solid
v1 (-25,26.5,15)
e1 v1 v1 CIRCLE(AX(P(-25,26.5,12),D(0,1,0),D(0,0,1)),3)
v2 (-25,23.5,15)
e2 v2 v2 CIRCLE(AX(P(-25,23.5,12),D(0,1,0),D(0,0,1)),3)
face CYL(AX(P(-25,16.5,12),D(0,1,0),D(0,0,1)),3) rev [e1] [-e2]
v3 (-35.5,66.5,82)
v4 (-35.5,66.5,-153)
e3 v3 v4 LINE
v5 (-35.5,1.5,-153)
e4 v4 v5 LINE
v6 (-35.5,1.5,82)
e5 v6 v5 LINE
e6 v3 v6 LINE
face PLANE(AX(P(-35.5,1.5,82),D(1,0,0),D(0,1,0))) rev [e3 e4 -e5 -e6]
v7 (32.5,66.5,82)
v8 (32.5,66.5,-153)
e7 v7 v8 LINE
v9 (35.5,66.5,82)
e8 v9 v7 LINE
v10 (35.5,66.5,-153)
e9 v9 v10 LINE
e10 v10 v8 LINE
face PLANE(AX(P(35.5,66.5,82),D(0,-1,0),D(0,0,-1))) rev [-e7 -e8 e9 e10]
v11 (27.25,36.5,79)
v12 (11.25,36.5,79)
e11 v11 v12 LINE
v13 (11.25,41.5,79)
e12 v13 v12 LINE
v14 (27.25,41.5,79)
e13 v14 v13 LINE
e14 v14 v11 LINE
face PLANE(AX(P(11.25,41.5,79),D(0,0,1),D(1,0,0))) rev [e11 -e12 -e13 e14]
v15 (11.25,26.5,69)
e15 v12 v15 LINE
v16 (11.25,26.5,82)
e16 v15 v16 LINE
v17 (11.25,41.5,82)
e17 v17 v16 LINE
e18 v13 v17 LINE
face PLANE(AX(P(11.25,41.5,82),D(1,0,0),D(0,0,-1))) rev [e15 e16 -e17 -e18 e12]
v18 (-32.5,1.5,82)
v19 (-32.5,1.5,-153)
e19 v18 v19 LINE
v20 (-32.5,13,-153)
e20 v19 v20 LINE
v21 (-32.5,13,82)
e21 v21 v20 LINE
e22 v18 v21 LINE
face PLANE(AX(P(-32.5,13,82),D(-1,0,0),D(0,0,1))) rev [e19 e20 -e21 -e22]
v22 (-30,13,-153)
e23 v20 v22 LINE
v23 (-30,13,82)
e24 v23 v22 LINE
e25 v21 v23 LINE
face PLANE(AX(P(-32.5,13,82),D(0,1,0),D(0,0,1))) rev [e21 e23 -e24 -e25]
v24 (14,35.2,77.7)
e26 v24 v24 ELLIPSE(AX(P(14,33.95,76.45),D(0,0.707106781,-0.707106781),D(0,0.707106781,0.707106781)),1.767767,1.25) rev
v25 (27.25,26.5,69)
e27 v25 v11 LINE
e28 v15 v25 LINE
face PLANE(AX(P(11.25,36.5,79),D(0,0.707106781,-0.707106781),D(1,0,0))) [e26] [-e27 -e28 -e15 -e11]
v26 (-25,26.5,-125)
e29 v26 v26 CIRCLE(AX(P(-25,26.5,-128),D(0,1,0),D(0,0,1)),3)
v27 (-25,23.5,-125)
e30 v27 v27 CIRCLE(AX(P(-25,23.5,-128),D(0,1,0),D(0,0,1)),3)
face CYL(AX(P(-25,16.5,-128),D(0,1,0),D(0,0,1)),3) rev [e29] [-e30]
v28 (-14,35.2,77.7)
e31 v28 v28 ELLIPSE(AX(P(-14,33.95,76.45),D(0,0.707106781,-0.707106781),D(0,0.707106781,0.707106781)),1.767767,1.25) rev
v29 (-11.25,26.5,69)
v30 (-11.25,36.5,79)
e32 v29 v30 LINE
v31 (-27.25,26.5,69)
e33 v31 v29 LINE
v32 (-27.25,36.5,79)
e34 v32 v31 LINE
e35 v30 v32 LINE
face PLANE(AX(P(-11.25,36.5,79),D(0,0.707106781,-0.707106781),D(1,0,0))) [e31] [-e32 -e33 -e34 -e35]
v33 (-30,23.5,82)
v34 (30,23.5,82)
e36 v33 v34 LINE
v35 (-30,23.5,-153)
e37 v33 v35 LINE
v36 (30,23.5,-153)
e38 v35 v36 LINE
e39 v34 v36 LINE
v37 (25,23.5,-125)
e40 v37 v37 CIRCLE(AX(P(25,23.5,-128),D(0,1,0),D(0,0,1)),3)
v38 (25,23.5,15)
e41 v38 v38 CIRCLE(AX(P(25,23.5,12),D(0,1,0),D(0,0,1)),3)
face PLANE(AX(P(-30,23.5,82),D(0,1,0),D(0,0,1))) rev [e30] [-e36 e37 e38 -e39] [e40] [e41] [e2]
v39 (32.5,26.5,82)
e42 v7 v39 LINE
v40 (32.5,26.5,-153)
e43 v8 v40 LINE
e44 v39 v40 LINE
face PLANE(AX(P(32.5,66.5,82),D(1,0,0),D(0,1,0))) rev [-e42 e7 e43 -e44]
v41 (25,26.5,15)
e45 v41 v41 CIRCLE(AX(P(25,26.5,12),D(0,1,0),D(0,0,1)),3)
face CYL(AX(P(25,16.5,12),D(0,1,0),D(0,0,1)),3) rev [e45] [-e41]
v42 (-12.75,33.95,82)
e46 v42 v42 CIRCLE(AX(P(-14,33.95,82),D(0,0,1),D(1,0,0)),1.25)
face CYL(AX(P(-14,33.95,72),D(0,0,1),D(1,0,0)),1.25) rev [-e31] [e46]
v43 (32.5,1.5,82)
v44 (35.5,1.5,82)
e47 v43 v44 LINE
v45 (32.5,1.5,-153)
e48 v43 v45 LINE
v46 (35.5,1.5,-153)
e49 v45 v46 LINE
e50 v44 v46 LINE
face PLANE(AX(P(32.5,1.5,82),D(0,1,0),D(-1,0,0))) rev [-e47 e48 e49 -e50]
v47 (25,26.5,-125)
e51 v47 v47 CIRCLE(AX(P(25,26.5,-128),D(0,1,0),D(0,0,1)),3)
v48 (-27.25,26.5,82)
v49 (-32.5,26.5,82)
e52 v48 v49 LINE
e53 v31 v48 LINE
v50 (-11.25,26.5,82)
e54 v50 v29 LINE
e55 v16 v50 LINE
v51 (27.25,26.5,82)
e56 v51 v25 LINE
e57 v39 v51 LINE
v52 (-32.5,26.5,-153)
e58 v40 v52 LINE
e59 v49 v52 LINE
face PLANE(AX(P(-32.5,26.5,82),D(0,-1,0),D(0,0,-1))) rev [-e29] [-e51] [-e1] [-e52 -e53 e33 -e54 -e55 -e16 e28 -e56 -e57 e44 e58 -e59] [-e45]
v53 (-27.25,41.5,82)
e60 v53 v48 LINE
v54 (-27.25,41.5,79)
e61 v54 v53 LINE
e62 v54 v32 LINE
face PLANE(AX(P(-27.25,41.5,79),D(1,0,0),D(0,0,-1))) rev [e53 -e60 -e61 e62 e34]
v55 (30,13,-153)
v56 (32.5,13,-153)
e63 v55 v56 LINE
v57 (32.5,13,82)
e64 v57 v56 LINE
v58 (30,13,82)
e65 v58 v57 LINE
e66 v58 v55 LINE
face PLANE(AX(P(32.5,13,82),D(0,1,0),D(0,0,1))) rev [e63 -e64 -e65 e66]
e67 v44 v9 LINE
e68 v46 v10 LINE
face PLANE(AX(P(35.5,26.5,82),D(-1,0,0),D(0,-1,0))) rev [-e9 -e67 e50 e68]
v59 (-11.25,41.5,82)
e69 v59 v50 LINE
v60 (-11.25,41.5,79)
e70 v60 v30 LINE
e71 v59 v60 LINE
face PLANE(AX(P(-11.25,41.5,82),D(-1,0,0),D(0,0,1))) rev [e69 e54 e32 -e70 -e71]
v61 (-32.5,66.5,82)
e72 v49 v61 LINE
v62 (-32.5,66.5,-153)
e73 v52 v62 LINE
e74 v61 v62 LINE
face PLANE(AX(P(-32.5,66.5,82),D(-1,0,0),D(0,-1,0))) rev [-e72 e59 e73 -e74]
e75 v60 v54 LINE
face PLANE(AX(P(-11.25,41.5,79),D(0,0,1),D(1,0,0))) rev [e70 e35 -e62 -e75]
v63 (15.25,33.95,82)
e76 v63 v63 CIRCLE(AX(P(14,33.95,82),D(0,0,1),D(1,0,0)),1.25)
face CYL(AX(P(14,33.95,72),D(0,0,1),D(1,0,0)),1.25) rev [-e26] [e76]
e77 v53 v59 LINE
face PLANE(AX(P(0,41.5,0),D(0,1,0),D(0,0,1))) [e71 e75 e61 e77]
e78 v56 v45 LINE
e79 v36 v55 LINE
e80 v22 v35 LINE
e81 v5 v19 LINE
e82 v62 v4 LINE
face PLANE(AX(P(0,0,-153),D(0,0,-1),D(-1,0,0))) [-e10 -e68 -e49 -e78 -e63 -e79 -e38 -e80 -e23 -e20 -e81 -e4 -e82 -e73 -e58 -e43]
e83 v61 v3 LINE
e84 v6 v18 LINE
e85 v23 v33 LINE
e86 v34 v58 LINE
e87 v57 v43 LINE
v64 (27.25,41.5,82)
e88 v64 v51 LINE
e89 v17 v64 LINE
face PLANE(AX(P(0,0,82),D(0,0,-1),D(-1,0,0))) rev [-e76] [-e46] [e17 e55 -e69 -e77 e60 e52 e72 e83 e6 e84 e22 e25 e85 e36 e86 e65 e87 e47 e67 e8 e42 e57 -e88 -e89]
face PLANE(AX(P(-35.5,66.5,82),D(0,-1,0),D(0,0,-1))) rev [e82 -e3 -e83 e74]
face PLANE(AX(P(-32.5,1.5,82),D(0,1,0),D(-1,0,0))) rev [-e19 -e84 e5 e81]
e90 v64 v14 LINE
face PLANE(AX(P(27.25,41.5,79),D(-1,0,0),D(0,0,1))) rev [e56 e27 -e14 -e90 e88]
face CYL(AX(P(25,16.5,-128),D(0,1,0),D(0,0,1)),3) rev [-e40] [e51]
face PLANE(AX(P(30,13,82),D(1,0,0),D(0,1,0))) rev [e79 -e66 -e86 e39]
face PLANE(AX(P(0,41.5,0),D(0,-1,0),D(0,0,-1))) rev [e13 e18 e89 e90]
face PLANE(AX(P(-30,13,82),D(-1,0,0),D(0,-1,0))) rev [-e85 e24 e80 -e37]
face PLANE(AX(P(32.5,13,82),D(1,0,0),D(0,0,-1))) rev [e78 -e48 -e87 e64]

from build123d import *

# Parameters (mm, degrees)
BOSS_EXTRUDE1_DEPTH      = 82
BOSS_EXTRUDE1_DEPTH_BACK = 153
SKETCH3_W                = 16
SKETCH3_H                = 3
BOSS_EXTRUDE3_DEPTH      = 15
CHAMFER1_SIZE            = 10
SKETCH4_R                = 1.25
CUT_EXTRUDE1_DEPTH       = 10
SKETCH2_R                = 3
CUT_EXTRUDE2_DEPTH       = 10


with BuildPart() as part:
    # Sketch1 → Boss-Extrude1 (new, two sides: drawn at the far end of the back side and taken through both)
    with BuildSketch(Plane.XY.offset(-BOSS_EXTRUDE1_DEPTH_BACK)):
        Polygon((-32.5, 13), (-32.5, 1.5), (-35.5, 1.5), (-35.5, 26.5), (-35.5, 66.5), (-32.5, 66.5), (-32.5, 26.5), (32.5, 26.5), (32.5, 66.5), (35.5, 66.5), (35.5, 26.5), (35.5, 1.5), (32.5, 1.5), (32.5, 13), (30, 13), (30, 23.5), (-30, 23.5), (-30, 13), align=None)
    extrude(amount=BOSS_EXTRUDE1_DEPTH + BOSS_EXTRUDE1_DEPTH_BACK)

    # Sketch3 → Boss-Extrude3 (add)
    with BuildSketch(Plane(origin=(0, 26.5, 0), x_dir=(1, 0, 0), z_dir=(0, 1, 0))):
        with Locations((-19.25, -80.5)):
            Rectangle(SKETCH3_W, SKETCH3_H)
        with Locations((19.25, -80.5)):
            Rectangle(SKETCH3_W, SKETCH3_H)
    extrude(amount=BOSS_EXTRUDE3_DEPTH)

    # Chamfer1
    chamfer1_edges = [part.edges().sort_by_distance(p)[0] for p in [
        (-19.25, 26.5, 79),
        (19.25, 26.5, 79),
    ]]
    chamfer(chamfer1_edges, length=CHAMFER1_SIZE)

    # Sketch4 → Cut-Extrude1 (cut)
    with BuildSketch(Plane.XY.offset(82)):
        with Locations((-14, 33.95)):
            Circle(SKETCH4_R)
        with Locations((14, 33.95)):
            Circle(SKETCH4_R)
    extrude(amount=-CUT_EXTRUDE1_DEPTH, mode=Mode.SUBTRACT)

    # Sketch2 → Cut-Extrude2 (cut)
    with BuildSketch(Plane(origin=(0, 26.5, 0), x_dir=(1, 0, 0), z_dir=(0, 1, 0))):
        with Locations(Location((-25, 128, 0), (0, 0, 270))):
            Circle(SKETCH2_R)
        with Locations(Location((25, 128, 0), (0, 0, 270))):
            Circle(SKETCH2_R)
        with Locations(Location((25, -12, 0), (0, 0, 270))):
            Circle(SKETCH2_R)
        with Locations(Location((-25, -12, 0), (0, 0, 270))):
            Circle(SKETCH2_R)
    extrude(amount=-CUT_EXTRUDE2_DEPTH, mode=Mode.SUBTRACT)


solid = part.part
